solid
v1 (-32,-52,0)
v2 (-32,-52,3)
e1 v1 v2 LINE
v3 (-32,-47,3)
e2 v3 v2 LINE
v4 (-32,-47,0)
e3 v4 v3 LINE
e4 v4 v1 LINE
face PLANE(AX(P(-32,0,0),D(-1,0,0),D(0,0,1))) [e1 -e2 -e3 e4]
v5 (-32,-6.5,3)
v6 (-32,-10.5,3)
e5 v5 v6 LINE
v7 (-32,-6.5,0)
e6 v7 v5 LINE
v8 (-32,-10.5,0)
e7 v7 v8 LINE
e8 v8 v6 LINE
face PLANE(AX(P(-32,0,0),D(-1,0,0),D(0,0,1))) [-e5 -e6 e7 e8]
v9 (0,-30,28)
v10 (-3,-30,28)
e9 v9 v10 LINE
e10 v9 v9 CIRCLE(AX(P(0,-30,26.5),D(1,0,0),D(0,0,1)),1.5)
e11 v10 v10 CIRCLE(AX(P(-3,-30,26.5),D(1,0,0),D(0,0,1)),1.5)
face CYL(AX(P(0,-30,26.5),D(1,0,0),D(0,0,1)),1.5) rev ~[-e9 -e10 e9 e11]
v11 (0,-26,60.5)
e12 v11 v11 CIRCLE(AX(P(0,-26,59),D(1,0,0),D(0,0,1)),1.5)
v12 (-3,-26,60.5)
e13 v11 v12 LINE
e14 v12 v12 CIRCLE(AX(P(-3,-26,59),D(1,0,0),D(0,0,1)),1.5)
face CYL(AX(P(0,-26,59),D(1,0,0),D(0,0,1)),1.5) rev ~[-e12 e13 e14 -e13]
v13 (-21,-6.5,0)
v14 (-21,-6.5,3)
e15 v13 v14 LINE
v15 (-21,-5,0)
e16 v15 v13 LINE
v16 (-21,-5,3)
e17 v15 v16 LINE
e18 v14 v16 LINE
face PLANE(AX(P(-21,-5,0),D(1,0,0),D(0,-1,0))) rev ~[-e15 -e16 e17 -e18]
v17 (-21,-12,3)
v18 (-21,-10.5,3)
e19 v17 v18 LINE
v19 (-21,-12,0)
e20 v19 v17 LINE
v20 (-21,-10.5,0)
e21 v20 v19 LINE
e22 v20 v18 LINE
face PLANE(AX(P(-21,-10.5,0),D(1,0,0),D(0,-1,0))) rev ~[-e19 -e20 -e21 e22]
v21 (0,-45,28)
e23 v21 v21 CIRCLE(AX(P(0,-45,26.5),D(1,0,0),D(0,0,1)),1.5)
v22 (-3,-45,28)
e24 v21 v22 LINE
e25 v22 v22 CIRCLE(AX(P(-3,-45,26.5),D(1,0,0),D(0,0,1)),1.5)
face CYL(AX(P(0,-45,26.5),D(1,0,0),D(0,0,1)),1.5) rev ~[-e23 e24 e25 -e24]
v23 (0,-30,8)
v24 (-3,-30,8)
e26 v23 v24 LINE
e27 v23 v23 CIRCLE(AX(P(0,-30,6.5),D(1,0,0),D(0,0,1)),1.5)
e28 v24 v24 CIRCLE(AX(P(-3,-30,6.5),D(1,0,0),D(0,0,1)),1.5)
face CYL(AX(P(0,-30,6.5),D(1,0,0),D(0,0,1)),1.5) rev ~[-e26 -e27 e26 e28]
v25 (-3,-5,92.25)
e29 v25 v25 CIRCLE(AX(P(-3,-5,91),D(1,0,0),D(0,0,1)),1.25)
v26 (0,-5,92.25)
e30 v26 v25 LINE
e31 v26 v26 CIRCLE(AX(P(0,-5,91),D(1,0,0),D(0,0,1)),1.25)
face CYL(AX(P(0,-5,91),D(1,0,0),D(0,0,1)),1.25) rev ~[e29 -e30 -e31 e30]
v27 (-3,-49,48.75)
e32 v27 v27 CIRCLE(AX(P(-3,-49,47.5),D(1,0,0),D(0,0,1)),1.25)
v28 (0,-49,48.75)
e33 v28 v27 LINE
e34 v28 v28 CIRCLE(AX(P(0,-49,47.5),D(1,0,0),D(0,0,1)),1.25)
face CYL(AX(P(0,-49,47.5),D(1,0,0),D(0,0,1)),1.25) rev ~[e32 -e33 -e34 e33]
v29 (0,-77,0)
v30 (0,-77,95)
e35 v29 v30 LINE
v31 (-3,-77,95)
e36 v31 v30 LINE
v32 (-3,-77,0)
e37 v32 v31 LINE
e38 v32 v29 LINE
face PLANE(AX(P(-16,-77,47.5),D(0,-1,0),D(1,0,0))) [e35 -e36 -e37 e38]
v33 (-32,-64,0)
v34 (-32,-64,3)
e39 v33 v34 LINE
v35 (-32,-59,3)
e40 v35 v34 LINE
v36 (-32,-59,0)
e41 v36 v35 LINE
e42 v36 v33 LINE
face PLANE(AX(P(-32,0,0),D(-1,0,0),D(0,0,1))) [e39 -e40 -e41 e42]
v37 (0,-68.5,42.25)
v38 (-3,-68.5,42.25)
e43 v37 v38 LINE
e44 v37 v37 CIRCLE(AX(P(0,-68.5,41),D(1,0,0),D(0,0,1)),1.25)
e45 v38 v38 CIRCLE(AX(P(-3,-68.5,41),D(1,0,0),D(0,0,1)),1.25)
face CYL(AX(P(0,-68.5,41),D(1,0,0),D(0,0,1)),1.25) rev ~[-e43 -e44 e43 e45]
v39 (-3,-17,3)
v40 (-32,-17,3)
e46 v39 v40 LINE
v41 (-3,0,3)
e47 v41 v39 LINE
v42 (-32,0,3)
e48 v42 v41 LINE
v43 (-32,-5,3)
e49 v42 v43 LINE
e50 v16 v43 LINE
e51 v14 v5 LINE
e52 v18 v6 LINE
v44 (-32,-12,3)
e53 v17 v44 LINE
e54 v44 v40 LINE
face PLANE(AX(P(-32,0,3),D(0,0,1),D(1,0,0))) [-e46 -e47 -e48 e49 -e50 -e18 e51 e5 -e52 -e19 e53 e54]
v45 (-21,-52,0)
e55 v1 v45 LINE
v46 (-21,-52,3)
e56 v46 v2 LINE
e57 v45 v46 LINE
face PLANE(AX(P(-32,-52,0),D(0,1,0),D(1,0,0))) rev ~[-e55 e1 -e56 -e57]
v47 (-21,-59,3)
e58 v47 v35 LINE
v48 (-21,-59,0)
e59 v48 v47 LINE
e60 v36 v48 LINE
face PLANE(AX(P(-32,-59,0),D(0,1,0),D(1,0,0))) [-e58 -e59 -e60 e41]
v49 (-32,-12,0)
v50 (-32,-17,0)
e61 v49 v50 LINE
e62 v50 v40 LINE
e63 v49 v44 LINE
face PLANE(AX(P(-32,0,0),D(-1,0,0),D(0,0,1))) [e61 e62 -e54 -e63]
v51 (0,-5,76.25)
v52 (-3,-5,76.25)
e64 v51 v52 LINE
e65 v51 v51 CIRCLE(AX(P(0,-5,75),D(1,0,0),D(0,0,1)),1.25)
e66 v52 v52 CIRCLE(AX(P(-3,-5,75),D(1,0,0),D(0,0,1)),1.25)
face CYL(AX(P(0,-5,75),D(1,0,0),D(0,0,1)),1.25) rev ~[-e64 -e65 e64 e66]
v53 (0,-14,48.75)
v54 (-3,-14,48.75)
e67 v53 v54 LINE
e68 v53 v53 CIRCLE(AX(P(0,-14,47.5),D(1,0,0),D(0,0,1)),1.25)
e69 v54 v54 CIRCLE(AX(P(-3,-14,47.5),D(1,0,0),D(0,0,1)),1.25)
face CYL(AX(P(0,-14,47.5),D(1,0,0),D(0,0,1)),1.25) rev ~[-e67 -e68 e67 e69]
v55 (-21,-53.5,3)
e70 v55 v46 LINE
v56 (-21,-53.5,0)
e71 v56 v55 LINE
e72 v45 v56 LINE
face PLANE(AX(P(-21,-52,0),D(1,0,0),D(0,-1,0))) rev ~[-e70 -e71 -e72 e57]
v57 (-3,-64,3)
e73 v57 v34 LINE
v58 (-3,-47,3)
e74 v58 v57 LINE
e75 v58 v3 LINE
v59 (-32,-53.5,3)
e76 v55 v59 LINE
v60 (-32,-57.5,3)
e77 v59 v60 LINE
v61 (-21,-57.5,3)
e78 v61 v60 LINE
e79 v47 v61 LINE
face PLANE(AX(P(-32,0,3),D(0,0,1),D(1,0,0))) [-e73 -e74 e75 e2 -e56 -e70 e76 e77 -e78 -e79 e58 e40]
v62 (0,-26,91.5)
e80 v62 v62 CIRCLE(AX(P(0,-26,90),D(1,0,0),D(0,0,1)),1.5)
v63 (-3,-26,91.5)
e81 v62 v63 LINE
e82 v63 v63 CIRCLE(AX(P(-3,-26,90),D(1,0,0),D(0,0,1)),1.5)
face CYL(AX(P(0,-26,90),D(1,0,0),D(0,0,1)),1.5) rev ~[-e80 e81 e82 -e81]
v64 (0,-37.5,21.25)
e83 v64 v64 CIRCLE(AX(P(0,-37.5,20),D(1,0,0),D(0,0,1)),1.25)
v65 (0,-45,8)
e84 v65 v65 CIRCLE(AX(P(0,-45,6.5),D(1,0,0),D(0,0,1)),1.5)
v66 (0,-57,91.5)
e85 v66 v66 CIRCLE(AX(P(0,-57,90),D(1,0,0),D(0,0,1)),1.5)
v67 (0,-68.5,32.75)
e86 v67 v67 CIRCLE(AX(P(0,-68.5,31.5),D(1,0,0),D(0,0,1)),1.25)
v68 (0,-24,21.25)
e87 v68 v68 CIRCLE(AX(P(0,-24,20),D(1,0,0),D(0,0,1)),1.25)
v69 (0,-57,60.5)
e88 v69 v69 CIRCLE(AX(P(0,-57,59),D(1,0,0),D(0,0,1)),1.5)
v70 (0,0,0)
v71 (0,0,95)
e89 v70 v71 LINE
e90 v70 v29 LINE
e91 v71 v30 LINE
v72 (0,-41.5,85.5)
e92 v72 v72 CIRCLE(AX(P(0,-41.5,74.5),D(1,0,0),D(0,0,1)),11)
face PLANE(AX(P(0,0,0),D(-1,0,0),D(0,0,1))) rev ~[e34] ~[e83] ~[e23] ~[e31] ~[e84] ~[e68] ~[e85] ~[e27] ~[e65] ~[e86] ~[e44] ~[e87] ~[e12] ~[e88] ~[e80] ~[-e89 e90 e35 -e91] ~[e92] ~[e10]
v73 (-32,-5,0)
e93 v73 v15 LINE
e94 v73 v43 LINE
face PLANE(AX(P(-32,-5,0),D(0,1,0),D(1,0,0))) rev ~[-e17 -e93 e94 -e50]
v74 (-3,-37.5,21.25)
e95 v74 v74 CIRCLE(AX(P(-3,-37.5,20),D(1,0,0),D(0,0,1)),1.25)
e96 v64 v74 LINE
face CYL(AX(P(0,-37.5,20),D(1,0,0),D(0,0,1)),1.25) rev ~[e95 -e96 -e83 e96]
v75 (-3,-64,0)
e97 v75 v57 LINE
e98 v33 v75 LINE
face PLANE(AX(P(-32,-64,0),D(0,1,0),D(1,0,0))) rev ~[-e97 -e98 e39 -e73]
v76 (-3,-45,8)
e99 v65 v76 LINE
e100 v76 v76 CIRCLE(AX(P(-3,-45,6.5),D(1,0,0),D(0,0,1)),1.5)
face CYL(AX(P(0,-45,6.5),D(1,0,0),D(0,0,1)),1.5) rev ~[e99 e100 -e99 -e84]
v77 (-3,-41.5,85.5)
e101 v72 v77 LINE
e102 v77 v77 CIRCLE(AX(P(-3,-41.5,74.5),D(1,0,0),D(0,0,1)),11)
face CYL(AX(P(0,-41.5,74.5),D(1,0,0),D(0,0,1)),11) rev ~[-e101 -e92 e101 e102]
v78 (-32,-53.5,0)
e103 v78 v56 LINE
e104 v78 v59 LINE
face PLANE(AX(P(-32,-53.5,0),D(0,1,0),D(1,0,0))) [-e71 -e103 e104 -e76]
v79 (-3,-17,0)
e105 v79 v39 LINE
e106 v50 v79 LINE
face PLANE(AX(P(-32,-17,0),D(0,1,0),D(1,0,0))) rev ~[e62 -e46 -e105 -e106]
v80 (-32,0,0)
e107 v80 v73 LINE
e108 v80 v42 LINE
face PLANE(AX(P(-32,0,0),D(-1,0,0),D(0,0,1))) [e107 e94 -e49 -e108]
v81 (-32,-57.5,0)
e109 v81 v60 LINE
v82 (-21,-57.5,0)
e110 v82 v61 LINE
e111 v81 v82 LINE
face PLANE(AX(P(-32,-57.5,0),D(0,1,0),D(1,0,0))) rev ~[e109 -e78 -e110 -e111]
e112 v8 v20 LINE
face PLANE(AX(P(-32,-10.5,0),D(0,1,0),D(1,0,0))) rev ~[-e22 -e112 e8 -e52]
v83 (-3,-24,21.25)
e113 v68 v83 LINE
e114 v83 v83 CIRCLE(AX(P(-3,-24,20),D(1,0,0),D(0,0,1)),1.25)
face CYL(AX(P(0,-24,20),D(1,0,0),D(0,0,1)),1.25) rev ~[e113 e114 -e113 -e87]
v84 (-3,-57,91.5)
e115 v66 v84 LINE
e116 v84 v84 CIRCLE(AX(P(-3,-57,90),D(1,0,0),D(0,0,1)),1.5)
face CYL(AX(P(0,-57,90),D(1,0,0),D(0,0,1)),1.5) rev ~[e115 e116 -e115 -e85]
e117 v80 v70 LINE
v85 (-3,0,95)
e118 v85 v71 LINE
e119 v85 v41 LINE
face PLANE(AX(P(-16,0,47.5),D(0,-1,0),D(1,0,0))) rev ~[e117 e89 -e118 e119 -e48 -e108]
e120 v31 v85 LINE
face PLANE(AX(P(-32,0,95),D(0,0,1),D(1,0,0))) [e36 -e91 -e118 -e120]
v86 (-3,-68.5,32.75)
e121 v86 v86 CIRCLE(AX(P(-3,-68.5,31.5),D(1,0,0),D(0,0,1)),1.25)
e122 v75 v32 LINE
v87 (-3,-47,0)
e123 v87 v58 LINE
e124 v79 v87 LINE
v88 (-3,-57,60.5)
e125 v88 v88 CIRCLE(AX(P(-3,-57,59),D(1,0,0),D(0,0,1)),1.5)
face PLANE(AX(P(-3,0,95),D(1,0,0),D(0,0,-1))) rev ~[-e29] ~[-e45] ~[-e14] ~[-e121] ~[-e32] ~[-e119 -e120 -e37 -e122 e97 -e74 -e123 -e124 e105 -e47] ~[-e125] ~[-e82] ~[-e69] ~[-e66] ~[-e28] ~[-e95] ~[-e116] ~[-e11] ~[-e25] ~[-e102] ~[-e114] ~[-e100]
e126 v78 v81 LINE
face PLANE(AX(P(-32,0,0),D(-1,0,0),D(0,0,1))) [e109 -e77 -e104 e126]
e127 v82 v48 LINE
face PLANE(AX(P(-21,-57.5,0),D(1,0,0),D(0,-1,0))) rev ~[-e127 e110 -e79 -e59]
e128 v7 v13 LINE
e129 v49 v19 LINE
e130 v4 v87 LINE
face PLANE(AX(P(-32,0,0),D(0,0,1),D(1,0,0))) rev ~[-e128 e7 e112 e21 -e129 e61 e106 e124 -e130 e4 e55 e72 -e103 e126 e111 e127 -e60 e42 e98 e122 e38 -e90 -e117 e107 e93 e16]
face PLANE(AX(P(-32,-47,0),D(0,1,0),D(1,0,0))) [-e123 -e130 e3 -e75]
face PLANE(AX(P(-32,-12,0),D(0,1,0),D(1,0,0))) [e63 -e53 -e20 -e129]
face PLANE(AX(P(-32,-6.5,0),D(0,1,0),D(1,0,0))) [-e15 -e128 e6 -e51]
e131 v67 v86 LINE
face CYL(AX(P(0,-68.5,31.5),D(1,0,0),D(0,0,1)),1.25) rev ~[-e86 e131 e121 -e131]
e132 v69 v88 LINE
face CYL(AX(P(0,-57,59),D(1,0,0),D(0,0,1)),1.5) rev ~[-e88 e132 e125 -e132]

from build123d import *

# Parameters (mm, degrees)
SKETCH_W        = 32
SKETCH_H        = 95
PAD_DEPTH       = 77
SKETCH001_W     = 29
SKETCH001_H     = 92
POCKET_DEPTH    = 77.001
SKETCH002_W     = 11
SKETCH002_H     = 1.5
SKETCH002_W_2   = 29
SKETCH002_H_2   = 30
SKETCH002_H_3   = 13
POCKET001_DEPTH = 95.001
SKETCH003_R     = 1.25
SKETCH003_R_2   = 1.5
SKETCH003_R_3   = 11
POCKET002_DEPTH = 32.001
SKETCH004_R     = 1.5
POCKET003_DEPTH = 32.001


with BuildPart() as part:
    # Sketch → Pad (new body)
    with BuildSketch(Plane.XZ):
        with Locations((-16, 47.5)):
            Rectangle(SKETCH_W, SKETCH_H)
    extrude(amount=PAD_DEPTH)

    # Sketch001 (on Face5 of Pad) → Pocket (cut, through all)
    with BuildSketch(Plane(origin=(0, 0, 0), x_dir=(1, 0, 0), z_dir=(0, 1, 0))):
        with Locations((-17.5, -49)):
            Rectangle(SKETCH001_W, SKETCH001_H)
    extrude(amount=-POCKET_DEPTH, mode=Mode.SUBTRACT)

    # Sketch002 (on Face1 of Pocket) → Pocket001 (cut, through all)
    with BuildSketch(Plane(origin=(0, 0, 0), x_dir=(1, 0, 0), z_dir=(0, 0, -1))):
        with Locations((-26.5, 11.25)):
            Rectangle(SKETCH002_W, SKETCH002_H)
        with Locations((-26.5, 5.75)):
            Rectangle(SKETCH002_W, SKETCH002_H)
        with Locations((-26.5, 58.25)):
            Rectangle(SKETCH002_W, SKETCH002_H)
        with Locations((-26.5, 52.75)):
            Rectangle(SKETCH002_W, SKETCH002_H)
        with Locations((-17.5, 32)):
            Rectangle(SKETCH002_W_2, SKETCH002_H_2)
        with Locations((-17.5, 70.5)):
            Rectangle(SKETCH002_W_2, SKETCH002_H_3)
    extrude(amount=-POCKET001_DEPTH, mode=Mode.SUBTRACT)

    # Sketch003 (on Face27 of Pocket001) → Pocket002 (cut, through all)
    with BuildSketch(Plane(origin=(0, 0, 0), x_dir=(0, 0, 1), z_dir=(1, 0, 0))):
        with Locations((20, 37.5)):
            Circle(SKETCH003_R)
        with Locations((20, 24)):
            Circle(SKETCH003_R)
        with Locations((47.5, 49)):
            Circle(SKETCH003_R)
        with Locations((47.5, 14)):
            Circle(SKETCH003_R)
        with Locations((59, 57)):
            Circle(SKETCH003_R_2)
        with Locations((90, 57)):
            Circle(SKETCH003_R_2)
        with Locations((90, 26)):
            Circle(SKETCH003_R_2)
        with Locations((59, 26)):
            Circle(SKETCH003_R_2)
        with Locations((74.5, 41.5)):
            Circle(SKETCH003_R_3)
        with Locations((75, 5)):
            Circle(SKETCH003_R)
        with Locations((91, 5)):
            Circle(SKETCH003_R)
        with Locations((31.5, 68.5)):
            Circle(SKETCH003_R)
        with Locations((41, 68.5)):
            Circle(SKETCH003_R)
    extrude(amount=-POCKET002_DEPTH, mode=Mode.SUBTRACT)

    # Sketch004 (on Face27 of Pocket002) → Pocket003 (cut, through all)
    with BuildSketch(Plane(origin=(0, 0, 0), x_dir=(0, 0, 1), z_dir=(1, 0, 0))):
        with Locations((6.5, 30)):
            Circle(SKETCH004_R)
        with Locations((26.5, 30)):
            Circle(SKETCH004_R)
        with Locations((26.5, 45)):
            Circle(SKETCH004_R)
        with Locations((6.5, 45)):
            Circle(SKETCH004_R)
    extrude(amount=-POCKET003_DEPTH, mode=Mode.SUBTRACT)


solid = part.part
